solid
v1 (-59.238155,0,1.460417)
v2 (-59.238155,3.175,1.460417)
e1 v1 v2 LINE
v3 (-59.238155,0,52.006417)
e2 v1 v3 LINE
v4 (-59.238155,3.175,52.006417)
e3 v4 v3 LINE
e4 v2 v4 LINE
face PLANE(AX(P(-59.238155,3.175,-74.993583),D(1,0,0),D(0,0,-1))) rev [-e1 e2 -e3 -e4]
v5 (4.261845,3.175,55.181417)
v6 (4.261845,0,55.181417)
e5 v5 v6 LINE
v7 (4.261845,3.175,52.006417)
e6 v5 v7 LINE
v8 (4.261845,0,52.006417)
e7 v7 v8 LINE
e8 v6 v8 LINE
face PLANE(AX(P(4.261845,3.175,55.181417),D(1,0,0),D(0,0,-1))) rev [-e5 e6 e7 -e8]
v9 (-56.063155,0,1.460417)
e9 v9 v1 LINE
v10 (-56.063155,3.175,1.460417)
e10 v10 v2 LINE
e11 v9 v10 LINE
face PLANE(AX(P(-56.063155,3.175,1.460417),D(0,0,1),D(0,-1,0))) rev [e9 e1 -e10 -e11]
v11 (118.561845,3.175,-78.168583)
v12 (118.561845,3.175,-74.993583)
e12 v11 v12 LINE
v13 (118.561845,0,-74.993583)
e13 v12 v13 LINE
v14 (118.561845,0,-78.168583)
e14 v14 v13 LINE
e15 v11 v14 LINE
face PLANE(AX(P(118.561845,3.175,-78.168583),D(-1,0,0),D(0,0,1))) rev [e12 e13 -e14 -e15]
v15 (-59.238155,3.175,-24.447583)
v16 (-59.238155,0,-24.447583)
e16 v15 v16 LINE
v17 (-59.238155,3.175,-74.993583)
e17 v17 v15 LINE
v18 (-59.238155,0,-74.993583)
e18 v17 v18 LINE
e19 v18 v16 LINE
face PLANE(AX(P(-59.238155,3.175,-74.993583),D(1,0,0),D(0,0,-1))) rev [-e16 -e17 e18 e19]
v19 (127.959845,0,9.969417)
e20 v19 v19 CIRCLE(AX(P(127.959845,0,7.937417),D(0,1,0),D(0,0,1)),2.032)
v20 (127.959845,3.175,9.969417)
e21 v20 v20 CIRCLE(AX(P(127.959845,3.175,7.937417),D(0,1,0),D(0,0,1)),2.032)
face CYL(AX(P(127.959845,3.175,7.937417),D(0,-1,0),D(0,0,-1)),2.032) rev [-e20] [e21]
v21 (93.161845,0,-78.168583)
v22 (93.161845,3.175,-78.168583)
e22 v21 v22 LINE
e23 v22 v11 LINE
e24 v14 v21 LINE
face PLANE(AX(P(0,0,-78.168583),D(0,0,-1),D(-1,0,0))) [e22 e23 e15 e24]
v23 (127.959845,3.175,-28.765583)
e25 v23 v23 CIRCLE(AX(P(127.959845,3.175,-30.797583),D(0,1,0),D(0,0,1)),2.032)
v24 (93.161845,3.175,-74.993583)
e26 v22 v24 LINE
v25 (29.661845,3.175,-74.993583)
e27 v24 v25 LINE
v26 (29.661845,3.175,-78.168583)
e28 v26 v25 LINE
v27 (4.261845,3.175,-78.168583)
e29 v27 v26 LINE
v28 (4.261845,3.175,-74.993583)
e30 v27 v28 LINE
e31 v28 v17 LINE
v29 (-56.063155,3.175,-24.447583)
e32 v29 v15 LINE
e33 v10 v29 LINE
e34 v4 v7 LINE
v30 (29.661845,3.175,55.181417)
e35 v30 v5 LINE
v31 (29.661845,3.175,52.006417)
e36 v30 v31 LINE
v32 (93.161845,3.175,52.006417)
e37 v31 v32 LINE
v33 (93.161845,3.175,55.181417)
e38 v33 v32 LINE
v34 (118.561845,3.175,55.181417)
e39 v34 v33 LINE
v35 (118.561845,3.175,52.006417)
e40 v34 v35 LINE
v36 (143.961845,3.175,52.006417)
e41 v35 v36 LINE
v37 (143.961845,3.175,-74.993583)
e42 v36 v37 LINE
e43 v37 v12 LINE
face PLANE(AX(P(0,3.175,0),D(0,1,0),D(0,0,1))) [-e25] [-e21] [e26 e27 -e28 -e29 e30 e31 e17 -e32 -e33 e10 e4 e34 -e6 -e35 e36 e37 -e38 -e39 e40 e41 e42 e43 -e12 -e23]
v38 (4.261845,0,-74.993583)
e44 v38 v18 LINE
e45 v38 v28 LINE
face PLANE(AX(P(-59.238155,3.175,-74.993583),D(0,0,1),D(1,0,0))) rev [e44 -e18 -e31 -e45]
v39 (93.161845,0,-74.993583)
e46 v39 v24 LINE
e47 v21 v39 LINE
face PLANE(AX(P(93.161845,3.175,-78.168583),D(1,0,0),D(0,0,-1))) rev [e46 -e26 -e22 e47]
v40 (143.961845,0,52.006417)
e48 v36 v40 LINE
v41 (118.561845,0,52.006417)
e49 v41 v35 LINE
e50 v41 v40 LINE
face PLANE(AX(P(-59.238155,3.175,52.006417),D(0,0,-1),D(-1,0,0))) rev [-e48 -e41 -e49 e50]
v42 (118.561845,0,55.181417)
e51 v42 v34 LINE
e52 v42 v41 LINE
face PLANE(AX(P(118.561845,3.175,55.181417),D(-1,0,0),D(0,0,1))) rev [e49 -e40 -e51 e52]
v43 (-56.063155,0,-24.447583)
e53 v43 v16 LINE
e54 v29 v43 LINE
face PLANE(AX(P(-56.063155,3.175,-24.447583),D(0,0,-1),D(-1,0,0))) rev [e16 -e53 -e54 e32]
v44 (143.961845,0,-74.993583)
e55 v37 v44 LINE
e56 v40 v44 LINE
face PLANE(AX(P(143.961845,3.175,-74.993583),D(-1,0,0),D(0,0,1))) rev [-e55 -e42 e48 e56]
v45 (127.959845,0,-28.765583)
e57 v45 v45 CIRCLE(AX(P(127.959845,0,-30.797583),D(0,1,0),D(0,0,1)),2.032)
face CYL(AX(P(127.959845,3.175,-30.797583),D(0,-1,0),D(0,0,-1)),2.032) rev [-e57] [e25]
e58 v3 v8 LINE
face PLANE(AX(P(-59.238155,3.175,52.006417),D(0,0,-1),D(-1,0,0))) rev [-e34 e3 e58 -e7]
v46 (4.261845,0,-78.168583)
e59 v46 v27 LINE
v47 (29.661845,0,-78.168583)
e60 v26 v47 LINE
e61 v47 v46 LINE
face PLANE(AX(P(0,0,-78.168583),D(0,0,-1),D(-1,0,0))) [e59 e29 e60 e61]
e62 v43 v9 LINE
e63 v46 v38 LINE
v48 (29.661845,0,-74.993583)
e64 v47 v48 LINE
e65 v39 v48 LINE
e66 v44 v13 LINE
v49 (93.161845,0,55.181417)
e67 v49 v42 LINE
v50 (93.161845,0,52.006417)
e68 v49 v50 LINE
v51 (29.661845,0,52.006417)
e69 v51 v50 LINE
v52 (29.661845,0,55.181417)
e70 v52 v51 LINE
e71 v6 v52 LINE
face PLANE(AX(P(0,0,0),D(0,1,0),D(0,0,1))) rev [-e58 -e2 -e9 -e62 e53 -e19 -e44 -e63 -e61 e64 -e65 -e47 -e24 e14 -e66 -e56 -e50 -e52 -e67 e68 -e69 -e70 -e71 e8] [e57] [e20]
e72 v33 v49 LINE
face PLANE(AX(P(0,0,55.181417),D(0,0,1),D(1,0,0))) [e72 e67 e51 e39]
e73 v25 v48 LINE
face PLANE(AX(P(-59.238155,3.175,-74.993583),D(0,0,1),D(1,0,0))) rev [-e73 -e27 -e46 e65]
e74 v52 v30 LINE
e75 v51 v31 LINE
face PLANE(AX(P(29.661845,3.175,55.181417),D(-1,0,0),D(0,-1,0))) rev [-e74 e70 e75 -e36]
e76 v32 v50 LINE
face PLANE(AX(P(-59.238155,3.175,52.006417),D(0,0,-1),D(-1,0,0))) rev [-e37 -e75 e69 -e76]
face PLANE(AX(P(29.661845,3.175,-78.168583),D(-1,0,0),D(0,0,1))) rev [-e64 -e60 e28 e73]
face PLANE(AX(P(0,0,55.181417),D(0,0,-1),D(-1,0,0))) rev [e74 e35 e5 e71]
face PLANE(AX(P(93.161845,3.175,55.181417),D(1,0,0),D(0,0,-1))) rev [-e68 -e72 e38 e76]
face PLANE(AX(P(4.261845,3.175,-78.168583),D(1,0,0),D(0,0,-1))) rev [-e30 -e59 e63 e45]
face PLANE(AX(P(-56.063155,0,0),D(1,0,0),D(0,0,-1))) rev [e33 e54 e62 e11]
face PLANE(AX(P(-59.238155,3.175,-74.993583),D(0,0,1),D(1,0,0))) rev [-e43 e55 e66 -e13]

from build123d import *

# Parameters (mm, degrees)
SKETCH1_W           = 203.2
SKETCH1_H           = 127
SKETCH1_R           = 2.032
BOSS_EXTRUDE1_DEPTH = 3.175
SKETCH5_W           = 25.4
SKETCH5_H           = 3.175
BOSS_EXTRUDE2_DEPTH = 3.175
SKETCH6_W           = 25.4
SKETCH6_H           = 3.175
BOSS_EXTRUDE3_DEPTH = 3.175
SKETCH7_W           = 25.908
SKETCH7_H           = 3.175
CUT_EXTRUDE1_DEPTH  = 3.175


with BuildPart() as part:
    # Sketch1 → Boss-Extrude1 (new body)
    with BuildSketch(Plane(origin=(0, 0, 0), x_dir=(1, 0, 0), z_dir=(0, 1, 0))):
        with Locations((42.361845493, 11.49358269)):
            Rectangle(SKETCH1_W, SKETCH1_H)
        with Locations((127.959845493, -7.93741731)):
            Circle(SKETCH1_R, mode=Mode.SUBTRACT)
        with Locations((127.959845493, 30.79758269)):
            Circle(SKETCH1_R, mode=Mode.SUBTRACT)
    extrude(amount=BOSS_EXTRUDE1_DEPTH)

    # Sketch5 → Boss-Extrude2 (add)
    with BuildSketch(Plane.XY.offset(52.00641731)):
        with Locations((16.961845493, 1.5875)):
            Rectangle(SKETCH5_W, SKETCH5_H)
        with Locations((105.861845493, 1.5875)):
            Rectangle(SKETCH5_W, SKETCH5_H)
    extrude(amount=BOSS_EXTRUDE2_DEPTH)

    # Sketch6 → Boss-Extrude3 (add)
    with BuildSketch(Plane(origin=(0, 0, -74.99358269), x_dir=(-1, 0, 0), z_dir=(0, 0, -1))):
        with Locations((-105.861845493, 1.5875)):
            Rectangle(SKETCH6_W, SKETCH6_H)
        with Locations((-16.961845493, 1.5875)):
            Rectangle(SKETCH6_W, SKETCH6_H)
    extrude(amount=BOSS_EXTRUDE3_DEPTH)

    # Sketch7 → Cut-Extrude1 (cut)
    with BuildSketch(Plane.ZY.offset(59.238154507)):
        with Locations((-11.49358269, 1.5875)):
            Rectangle(SKETCH7_W, SKETCH7_H)
    extrude(amount=-CUT_EXTRUDE1_DEPTH, mode=Mode.SUBTRACT)


solid = part.part
